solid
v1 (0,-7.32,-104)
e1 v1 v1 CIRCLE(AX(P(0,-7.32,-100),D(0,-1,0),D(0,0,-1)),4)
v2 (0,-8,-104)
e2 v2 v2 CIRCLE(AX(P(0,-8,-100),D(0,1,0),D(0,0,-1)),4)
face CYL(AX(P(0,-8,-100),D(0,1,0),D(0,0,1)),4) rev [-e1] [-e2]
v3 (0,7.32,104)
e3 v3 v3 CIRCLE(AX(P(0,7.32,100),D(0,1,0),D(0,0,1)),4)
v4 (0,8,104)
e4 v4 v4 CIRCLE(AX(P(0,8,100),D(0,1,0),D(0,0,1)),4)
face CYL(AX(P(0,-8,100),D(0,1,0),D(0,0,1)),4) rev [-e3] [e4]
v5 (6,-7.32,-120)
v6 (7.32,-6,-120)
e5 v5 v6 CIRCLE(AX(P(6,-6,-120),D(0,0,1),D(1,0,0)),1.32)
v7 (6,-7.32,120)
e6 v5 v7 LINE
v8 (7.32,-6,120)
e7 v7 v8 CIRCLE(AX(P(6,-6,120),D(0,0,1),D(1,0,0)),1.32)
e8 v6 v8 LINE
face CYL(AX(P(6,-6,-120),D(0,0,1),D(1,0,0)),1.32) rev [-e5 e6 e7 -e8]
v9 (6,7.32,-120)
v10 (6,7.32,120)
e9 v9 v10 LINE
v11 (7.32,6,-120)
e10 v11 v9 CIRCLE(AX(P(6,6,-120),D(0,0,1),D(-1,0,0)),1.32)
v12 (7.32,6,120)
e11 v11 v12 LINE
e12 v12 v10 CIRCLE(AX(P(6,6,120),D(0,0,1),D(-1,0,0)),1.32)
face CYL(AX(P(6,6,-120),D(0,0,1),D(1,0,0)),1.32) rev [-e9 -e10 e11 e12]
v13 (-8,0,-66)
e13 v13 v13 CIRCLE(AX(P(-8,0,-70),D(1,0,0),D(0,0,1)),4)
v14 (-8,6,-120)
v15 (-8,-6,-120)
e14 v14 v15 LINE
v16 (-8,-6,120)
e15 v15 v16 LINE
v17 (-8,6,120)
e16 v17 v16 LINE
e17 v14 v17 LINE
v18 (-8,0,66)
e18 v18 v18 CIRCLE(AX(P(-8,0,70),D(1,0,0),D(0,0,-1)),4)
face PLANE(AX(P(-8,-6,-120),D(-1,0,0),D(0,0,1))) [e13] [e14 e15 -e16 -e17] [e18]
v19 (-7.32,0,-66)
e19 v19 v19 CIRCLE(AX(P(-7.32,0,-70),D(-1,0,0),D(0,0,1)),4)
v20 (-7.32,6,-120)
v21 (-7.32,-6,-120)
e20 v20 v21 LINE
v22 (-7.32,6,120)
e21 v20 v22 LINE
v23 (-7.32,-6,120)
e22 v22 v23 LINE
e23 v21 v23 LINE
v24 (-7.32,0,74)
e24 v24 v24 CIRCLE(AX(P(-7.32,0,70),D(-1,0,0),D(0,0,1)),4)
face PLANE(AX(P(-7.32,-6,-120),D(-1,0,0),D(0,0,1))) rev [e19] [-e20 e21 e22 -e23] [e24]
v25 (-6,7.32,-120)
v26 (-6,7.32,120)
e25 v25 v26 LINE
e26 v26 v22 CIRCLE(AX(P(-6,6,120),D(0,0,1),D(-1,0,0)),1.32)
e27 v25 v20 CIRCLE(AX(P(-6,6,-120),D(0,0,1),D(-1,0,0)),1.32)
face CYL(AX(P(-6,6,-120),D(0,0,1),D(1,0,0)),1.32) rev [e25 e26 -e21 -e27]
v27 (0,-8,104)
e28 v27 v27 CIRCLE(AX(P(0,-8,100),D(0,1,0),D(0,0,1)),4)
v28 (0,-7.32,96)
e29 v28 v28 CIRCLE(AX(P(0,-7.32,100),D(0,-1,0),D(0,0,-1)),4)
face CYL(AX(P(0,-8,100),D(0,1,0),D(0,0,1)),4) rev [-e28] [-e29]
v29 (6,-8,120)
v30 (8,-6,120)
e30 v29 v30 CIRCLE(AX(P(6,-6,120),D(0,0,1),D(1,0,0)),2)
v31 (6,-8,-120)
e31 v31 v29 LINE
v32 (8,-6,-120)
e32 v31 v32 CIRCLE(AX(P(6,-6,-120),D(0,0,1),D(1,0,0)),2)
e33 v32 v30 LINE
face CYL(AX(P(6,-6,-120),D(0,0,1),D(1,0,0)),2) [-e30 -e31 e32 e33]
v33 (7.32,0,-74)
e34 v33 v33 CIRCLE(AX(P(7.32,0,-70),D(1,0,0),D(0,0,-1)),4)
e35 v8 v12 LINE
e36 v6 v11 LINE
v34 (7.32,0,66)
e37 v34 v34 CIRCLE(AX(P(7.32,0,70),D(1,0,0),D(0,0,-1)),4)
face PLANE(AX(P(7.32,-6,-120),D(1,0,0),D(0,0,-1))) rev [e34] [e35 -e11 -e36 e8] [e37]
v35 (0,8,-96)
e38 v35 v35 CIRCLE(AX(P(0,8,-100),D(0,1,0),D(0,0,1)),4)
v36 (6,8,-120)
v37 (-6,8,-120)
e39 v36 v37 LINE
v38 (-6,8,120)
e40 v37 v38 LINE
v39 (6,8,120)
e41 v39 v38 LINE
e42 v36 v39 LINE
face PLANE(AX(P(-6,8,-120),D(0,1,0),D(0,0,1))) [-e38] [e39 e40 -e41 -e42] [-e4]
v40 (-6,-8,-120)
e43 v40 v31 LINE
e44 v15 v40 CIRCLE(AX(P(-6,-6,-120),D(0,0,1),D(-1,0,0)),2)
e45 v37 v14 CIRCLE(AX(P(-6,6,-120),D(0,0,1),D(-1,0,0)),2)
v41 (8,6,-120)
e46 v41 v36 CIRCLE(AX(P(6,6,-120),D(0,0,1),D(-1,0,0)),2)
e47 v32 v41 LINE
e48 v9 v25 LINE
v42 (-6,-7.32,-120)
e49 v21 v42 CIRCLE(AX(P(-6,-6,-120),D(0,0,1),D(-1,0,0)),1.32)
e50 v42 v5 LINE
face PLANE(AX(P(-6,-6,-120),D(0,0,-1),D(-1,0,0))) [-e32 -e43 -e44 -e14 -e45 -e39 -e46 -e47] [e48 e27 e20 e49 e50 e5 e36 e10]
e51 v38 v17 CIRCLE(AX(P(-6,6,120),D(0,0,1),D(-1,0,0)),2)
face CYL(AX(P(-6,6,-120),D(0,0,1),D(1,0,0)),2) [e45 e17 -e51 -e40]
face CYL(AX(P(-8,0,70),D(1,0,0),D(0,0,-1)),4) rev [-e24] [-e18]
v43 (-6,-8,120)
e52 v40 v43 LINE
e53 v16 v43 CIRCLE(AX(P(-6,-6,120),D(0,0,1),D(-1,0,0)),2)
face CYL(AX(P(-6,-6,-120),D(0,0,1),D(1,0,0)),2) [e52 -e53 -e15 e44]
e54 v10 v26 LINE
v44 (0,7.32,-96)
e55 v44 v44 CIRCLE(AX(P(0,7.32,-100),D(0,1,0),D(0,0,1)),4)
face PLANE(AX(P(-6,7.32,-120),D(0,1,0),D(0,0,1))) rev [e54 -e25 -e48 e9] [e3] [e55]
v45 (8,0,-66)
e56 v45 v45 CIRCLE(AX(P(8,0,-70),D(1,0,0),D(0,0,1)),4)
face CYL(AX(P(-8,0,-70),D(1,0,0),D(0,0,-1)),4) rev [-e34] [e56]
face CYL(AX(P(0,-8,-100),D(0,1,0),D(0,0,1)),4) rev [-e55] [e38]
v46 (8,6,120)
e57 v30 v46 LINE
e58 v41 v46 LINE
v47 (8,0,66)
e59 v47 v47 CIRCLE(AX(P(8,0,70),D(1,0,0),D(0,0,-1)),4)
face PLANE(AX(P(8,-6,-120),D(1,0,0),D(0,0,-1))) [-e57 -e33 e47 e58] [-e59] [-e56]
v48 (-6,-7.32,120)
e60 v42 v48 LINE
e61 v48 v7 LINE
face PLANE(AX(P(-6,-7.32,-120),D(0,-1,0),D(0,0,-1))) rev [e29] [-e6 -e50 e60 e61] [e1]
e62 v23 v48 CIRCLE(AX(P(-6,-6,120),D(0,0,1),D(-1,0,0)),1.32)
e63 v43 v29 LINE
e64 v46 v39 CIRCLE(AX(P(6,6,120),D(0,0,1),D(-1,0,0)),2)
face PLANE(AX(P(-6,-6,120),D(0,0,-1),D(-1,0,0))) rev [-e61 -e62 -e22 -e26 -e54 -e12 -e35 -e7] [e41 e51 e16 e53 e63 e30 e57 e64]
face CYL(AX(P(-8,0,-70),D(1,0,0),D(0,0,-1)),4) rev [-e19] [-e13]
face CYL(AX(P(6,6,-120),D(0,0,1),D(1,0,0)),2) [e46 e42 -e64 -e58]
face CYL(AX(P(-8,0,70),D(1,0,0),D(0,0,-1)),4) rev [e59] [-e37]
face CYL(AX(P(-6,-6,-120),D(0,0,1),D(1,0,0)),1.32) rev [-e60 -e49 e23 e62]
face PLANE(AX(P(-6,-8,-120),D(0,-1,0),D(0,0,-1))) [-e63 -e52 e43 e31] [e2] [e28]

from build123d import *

# Parameters (mm, degrees)
BOSS_EXTRUDE1_DEPTH      = 120
BOSS_EXTRUDE1_DEPTH_BACK = 120
SKETCH2_R                = 4
CUT_EXTRUDE1_DEPTH       = 1
CUT_EXTRUDE1_DEPTH_BACK  = 17
SKETCH3_R                = 4
CUT_EXTRUDE2_DEPTH       = 1
CUT_EXTRUDE2_DEPTH_BACK  = 17


with BuildPart() as part:
    # Sketch1 → Boss-Extrude1 (new body, two sides)
    with BuildSketch(Plane.XY) as boss_extrude1_sk:
        with BuildLine():
            Line((-6, -8), (6, -8))
            ThreePointArc((6, -8), (7.414213562, -7.414213562), (8, -6))
            Line((8, -6), (8, 6))
            ThreePointArc((8, 6), (7.414213562, 7.414213562), (6, 8))
            Line((6, 8), (-6, 8))
            ThreePointArc((-6, 8), (-7.414213562, 7.414213562), (-8, 6))
            Line((-8, 6), (-8, -6))
            ThreePointArc((-8, -6), (-7.414213562, -7.414213562), (-6, -8))
        make_face()
        with BuildLine():
            Line((-6, 7.32), (6, 7.32))
            ThreePointArc((6, 7.32), (6.933380951, 6.933380951), (7.32, 6))
            Line((7.32, 6), (7.32, -6))
            ThreePointArc((7.32, -6), (6.933380951, -6.933380951), (6, -7.32))
            Line((6, -7.32), (-6, -7.32))
            ThreePointArc((-6, -7.32), (-6.933380951, -6.933380951), (-7.32, -6))
            Line((-7.32, -6), (-7.32, 6))
            ThreePointArc((-7.32, 6), (-6.933380951, 6.933380951), (-6, 7.32))
        make_face(mode=Mode.SUBTRACT)
    extrude(amount=BOSS_EXTRUDE1_DEPTH)
    extrude(boss_extrude1_sk.sketch, amount=-BOSS_EXTRUDE1_DEPTH_BACK)

    # Sketch2 → Cut-Extrude1 (cut, two sides)
    with BuildSketch(Plane(origin=(0, 8, 0), x_dir=(1, 0, 0), z_dir=(0, 1, 0))) as cut_extrude1_sk:
        with Locations((0, -100)):
            Circle(SKETCH2_R)
        with Locations((0, 100)):
            Circle(SKETCH2_R)
    extrude(amount=CUT_EXTRUDE1_DEPTH, mode=Mode.SUBTRACT)
    extrude(cut_extrude1_sk.sketch, amount=-CUT_EXTRUDE1_DEPTH_BACK, mode=Mode.SUBTRACT)

    # Sketch3 → Cut-Extrude2 (cut, two sides)
    with BuildSketch(Plane(origin=(8, 0, 0), x_dir=(0, 0, -1), z_dir=(1, 0, 0))) as cut_extrude2_sk:
        with Locations((-70, 0)):
            Circle(SKETCH3_R)
        with Locations((70, 0)):
            Circle(SKETCH3_R)
    extrude(amount=CUT_EXTRUDE2_DEPTH, mode=Mode.SUBTRACT)
    extrude(cut_extrude2_sk.sketch, amount=-CUT_EXTRUDE2_DEPTH_BACK, mode=Mode.SUBTRACT)


solid = part.part
